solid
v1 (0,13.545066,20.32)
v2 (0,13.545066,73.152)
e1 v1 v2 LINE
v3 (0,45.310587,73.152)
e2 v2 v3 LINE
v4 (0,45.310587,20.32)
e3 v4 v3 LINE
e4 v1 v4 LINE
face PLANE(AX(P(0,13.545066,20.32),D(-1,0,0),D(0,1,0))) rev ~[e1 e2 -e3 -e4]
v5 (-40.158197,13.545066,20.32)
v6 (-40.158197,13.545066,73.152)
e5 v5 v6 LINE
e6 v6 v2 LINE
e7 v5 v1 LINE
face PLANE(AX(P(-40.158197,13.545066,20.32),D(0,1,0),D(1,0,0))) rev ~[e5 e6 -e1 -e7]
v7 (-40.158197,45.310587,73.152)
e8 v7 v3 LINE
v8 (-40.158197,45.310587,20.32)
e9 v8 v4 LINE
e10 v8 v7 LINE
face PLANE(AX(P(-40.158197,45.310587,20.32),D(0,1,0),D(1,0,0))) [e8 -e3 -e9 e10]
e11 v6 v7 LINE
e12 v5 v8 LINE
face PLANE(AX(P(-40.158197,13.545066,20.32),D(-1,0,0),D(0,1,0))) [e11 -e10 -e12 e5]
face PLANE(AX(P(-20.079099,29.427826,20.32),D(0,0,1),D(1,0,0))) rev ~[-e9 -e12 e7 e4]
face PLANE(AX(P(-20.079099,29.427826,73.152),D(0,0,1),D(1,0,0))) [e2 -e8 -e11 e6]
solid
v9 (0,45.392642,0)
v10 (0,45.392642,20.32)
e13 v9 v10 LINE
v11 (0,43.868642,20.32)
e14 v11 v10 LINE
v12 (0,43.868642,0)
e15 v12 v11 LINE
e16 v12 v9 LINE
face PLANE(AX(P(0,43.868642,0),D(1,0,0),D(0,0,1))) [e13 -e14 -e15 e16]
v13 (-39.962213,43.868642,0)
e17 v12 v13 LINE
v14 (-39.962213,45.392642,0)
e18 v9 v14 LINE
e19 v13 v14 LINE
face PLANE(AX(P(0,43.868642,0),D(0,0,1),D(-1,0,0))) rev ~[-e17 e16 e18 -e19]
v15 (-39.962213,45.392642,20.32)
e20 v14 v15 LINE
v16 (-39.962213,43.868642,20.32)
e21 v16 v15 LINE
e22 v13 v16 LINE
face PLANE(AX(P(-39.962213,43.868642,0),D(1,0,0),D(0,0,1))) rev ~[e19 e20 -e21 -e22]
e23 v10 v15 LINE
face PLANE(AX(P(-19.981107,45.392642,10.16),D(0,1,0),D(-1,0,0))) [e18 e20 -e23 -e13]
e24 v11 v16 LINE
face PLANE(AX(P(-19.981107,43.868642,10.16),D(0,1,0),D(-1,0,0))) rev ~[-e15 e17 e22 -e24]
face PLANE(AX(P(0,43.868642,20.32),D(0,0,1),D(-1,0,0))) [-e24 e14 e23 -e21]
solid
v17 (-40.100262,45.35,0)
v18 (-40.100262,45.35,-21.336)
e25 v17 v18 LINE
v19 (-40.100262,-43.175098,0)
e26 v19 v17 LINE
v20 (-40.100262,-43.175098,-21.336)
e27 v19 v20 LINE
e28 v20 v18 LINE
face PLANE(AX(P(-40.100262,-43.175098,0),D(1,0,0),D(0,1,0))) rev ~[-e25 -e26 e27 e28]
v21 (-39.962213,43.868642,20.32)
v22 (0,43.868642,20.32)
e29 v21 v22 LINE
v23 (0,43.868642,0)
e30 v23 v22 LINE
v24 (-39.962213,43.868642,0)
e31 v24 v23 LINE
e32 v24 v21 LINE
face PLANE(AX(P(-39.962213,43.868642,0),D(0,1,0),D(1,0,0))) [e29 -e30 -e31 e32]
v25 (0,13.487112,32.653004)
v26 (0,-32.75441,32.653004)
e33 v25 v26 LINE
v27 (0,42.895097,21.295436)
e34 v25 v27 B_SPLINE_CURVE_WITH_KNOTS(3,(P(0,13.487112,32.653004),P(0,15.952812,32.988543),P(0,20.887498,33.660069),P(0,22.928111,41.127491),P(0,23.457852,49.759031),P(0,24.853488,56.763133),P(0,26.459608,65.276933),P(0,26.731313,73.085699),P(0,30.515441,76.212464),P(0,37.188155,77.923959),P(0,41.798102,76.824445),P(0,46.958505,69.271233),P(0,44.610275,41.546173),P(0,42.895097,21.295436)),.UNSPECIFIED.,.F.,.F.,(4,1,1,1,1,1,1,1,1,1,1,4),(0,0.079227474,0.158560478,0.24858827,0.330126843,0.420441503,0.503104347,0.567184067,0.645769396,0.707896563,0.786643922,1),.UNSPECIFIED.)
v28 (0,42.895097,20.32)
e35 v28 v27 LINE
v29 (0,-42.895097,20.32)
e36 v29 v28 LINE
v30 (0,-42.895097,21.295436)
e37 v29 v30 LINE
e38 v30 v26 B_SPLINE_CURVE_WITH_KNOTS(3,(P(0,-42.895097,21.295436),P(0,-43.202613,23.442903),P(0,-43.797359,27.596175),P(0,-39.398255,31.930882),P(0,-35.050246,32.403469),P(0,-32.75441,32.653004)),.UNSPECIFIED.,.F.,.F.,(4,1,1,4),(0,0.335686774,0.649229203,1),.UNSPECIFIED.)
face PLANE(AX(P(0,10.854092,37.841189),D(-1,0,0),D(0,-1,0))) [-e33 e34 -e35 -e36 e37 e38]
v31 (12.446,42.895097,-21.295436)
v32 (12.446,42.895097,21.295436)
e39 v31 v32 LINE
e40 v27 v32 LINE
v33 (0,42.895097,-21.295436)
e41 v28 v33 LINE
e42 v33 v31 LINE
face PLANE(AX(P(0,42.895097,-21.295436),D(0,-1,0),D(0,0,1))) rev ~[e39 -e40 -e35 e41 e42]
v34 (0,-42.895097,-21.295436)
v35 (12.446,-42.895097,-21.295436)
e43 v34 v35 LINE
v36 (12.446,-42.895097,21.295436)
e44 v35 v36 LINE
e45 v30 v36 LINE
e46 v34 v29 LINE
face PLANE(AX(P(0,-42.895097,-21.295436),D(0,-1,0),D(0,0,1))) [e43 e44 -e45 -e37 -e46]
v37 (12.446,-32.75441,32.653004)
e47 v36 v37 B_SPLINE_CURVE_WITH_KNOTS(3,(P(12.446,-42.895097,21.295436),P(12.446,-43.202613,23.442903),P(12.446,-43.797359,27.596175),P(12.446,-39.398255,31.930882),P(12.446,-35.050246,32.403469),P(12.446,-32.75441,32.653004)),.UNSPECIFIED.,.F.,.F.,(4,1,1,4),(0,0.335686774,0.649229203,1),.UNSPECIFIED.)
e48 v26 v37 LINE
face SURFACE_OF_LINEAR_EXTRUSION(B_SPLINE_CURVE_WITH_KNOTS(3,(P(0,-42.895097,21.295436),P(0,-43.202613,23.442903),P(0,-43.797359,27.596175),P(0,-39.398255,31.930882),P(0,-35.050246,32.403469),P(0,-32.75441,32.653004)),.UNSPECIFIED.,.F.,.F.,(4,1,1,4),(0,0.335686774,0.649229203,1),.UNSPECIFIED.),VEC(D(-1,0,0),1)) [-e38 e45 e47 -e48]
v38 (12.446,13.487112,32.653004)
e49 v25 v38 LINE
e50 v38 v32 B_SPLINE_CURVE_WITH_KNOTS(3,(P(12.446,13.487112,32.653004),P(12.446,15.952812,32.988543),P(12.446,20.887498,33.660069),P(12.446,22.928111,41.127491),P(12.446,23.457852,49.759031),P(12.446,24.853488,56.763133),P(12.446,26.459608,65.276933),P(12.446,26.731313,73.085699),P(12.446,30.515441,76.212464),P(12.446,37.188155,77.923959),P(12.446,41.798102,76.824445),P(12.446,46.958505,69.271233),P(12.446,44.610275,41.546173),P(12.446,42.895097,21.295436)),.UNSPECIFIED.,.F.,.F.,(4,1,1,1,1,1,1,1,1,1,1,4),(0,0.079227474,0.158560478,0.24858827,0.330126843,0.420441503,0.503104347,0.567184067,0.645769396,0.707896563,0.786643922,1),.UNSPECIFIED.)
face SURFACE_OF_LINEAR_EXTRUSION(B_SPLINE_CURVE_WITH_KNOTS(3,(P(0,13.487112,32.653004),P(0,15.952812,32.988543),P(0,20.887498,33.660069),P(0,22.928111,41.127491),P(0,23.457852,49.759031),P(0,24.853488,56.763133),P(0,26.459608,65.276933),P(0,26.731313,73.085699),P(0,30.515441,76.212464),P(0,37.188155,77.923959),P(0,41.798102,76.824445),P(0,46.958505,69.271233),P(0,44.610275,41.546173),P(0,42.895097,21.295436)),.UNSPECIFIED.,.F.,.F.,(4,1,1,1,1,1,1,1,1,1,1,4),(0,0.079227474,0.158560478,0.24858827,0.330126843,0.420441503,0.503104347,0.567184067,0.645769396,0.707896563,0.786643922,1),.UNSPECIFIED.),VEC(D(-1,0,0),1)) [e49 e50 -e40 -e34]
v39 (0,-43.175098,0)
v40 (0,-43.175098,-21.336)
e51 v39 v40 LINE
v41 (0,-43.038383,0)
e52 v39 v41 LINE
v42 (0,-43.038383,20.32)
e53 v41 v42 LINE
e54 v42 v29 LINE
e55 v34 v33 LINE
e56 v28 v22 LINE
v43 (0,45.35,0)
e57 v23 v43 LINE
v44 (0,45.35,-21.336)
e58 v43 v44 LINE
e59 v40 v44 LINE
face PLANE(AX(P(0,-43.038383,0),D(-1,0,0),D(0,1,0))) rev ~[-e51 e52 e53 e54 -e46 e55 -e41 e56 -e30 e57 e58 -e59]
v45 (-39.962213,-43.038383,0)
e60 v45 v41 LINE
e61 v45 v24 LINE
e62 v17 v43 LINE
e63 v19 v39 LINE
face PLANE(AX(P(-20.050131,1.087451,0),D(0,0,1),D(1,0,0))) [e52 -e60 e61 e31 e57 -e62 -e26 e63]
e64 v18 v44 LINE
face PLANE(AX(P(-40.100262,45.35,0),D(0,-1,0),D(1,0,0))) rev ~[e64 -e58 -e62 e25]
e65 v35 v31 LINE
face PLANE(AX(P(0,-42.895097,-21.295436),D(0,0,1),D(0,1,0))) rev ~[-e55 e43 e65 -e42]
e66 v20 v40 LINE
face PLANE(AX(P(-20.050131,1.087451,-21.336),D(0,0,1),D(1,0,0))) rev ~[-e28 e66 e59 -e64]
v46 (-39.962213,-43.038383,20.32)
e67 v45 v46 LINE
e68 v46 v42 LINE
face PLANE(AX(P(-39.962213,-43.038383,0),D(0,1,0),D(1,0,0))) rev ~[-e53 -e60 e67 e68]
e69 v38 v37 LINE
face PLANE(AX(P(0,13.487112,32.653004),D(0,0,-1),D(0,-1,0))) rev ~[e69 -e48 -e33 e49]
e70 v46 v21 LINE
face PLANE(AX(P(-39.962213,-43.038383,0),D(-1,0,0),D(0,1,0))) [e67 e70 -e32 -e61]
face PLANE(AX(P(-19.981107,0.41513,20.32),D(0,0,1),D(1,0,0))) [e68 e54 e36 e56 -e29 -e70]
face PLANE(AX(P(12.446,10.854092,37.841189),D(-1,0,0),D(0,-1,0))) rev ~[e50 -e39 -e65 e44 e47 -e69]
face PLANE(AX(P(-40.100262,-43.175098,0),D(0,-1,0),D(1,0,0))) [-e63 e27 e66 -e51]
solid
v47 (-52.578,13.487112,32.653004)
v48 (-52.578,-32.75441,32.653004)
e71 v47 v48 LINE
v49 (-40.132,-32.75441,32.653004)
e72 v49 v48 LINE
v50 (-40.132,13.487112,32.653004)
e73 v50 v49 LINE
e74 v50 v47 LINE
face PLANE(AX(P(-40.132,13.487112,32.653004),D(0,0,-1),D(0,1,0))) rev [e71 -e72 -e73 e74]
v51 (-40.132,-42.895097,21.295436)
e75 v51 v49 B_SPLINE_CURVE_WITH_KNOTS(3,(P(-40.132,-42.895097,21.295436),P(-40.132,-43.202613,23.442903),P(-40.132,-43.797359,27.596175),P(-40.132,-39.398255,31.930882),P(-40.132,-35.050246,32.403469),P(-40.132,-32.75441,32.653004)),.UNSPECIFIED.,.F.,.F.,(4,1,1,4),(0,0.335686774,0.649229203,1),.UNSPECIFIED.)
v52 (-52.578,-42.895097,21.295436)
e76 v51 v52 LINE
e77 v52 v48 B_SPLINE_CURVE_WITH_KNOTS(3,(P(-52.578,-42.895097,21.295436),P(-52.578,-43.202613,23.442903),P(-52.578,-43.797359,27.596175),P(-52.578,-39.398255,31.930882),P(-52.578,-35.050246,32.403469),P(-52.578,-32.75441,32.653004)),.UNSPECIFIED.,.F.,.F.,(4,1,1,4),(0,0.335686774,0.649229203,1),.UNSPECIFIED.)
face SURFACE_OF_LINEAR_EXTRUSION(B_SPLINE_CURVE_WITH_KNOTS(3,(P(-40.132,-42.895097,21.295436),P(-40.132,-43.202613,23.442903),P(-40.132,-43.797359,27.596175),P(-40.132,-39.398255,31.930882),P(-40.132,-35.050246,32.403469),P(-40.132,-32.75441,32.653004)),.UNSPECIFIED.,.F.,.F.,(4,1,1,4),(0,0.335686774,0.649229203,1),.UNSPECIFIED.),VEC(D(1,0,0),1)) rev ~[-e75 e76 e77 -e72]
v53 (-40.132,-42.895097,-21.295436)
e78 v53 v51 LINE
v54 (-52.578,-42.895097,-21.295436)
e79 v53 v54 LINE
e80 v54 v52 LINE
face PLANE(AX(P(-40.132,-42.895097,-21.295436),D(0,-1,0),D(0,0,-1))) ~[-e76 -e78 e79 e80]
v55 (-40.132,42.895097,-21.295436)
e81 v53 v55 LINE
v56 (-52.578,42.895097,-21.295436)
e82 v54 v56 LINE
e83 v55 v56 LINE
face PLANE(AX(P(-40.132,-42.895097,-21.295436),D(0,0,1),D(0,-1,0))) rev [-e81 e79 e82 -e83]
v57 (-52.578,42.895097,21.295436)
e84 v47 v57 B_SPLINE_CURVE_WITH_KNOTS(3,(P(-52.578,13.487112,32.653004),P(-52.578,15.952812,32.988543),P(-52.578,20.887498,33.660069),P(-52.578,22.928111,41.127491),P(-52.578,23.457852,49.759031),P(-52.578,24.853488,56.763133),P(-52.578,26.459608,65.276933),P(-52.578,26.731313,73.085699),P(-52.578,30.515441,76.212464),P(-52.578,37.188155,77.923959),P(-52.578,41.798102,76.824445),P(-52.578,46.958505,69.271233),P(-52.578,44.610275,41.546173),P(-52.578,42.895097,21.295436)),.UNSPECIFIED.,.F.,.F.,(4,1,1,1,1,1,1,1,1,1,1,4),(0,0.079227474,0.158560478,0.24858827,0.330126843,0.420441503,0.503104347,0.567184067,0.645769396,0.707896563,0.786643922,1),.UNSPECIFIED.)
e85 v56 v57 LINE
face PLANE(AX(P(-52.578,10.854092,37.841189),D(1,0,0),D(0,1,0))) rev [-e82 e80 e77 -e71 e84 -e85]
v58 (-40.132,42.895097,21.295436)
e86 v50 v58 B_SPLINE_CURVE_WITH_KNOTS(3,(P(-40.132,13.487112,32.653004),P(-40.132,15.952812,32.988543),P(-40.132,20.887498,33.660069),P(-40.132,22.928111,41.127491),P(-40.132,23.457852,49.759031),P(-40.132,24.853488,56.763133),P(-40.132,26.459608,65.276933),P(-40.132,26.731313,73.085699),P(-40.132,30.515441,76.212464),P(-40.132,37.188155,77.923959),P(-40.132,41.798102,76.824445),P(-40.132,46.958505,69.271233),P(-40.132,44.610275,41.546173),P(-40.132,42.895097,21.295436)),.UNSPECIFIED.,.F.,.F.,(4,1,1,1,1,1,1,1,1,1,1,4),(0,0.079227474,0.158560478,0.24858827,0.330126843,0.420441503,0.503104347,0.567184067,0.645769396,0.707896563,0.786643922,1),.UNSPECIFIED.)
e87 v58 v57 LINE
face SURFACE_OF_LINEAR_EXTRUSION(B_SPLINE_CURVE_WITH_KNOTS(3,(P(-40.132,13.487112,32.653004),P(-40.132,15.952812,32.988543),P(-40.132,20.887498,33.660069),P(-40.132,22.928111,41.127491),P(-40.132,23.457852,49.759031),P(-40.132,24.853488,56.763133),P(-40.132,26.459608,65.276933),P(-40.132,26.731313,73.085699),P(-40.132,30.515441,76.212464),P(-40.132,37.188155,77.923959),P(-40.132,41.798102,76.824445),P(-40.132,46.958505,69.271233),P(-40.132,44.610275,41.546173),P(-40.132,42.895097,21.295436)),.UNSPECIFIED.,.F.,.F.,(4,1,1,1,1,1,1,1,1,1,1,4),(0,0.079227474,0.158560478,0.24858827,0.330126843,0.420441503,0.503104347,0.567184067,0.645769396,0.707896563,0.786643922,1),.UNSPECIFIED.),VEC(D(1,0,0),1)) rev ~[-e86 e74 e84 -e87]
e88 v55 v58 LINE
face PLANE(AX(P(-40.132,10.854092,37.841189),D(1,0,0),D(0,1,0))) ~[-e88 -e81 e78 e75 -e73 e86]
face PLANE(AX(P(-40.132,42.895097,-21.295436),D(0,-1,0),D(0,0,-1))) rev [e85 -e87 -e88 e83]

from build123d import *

# Parameters (mm, degrees)
F0_W      = 85.790194571
F0_H      = 42.5908714533
F1_DEPTH  = 12.446
F4_W      = 40.100261569
F4_H      = 88.5250978172
F5_DEPTH  = 21.336
F6_W      = 39.9622134864
F6_H      = 86.9070254266
F7_DEPTH  = 20.32
F8_W      = 40.1581972837
F8_H      = 31.7655205727
F9_DEPTH  = 52.832
F10_W     = 39.9622134864
F10_H     = 20.32
F11_DEPTH = 1.524


with BuildPart() as f1:
    # F0 (on Right) → F1 (new body)
    with BuildSketch(Plane.YZ):
        with BuildLine():
            add(Edge.make_bspline(
                [(-42.8950972855, 21.2954357266), (-43.2026130646, 23.4429030496), (-43.7973586419, 27.5961751085), (-39.3982548672, 31.9308816738), (-35.050246351, 32.4034685289), (-32.7544100583, 32.653003931)],
                knots=[0, 0, 0, 0, 0.3356867736, 0.6492292025, 1, 1, 1, 1], degree=3))
            Line((-42.8950972855, 21.2954357266), (42.8950972855, 21.2954357266))
            add(Edge.make_bspline(
                [(13.4871117771, 32.653003931), (15.9528122623, 32.9885431735), (20.8874975377, 33.6600685956), (22.9281107187, 41.1274908792), (23.4578516916, 49.7590309135), (24.8534879019, 56.7631325628), (26.4596082385, 65.2769325456), (26.7313125834, 73.0856987863), (30.5154405422, 76.2124638392), (37.1881548314, 77.9239590004), (41.7981016934, 76.8244445569), (46.9585052343, 69.2712327662), (44.6102747775, 41.5461731072), (42.8950972855, 21.2954357266)],
                knots=[0, 0, 0, 0, 0.0792274738, 0.1585604782, 0.2485882699, 0.3301268425, 0.4204415029, 0.5031043473, 0.567184067, 0.6457693958, 0.7078965634, 0.7866439223, 1, 1, 1, 1], degree=3))
            Line((13.4871117771, 32.653003931), (-32.7544100583, 32.653003931))
        make_face()
        Rectangle(F0_W, F0_H)
    extrude(amount=F1_DEPTH)


with BuildPart() as f3_1:
    # F3: instance of F1
    add(f1.part.mirror(Plane.YZ.offset(-20.066)))


with BuildPart() as f1_1:
    add(f1.part)

    # F4 (on Top) → F5 (join)
    with BuildSketch(Plane.XY):
        with Locations((-20.0501307845, 1.0874513537)):
            Rectangle(F4_W, F4_H)
    extrude(amount=-F5_DEPTH)

    # F6 (on Top) → F7 (join)
    with BuildSketch(Plane.XY):
        with Locations((-19.9811067432, 0.4151295871)):
            Rectangle(F6_W, F6_H)
    extrude(amount=F7_DEPTH)


with BuildPart() as f9:
    # F8 (on face) → F9 (new body)
    with BuildSketch(Plane.XY.offset(20.32)):
        with Locations((-20.0790986419, 29.4278264046)):
            Rectangle(F8_W, F8_H)
    extrude(amount=F9_DEPTH)


with BuildPart() as f11:
    # F10 (on face) → F11 (new body)
    with BuildSketch(Plane(origin=(0, 43.8686423004, 0), x_dir=(-1, 0, 0), z_dir=(0, 1, 0))):
        with Locations((19.9811067432, 10.16)):
            Rectangle(F10_W, F10_H)
    extrude(amount=F11_DEPTH)


solid = Compound([f3_1.part, f1_1.part, f9.part, f11.part])
